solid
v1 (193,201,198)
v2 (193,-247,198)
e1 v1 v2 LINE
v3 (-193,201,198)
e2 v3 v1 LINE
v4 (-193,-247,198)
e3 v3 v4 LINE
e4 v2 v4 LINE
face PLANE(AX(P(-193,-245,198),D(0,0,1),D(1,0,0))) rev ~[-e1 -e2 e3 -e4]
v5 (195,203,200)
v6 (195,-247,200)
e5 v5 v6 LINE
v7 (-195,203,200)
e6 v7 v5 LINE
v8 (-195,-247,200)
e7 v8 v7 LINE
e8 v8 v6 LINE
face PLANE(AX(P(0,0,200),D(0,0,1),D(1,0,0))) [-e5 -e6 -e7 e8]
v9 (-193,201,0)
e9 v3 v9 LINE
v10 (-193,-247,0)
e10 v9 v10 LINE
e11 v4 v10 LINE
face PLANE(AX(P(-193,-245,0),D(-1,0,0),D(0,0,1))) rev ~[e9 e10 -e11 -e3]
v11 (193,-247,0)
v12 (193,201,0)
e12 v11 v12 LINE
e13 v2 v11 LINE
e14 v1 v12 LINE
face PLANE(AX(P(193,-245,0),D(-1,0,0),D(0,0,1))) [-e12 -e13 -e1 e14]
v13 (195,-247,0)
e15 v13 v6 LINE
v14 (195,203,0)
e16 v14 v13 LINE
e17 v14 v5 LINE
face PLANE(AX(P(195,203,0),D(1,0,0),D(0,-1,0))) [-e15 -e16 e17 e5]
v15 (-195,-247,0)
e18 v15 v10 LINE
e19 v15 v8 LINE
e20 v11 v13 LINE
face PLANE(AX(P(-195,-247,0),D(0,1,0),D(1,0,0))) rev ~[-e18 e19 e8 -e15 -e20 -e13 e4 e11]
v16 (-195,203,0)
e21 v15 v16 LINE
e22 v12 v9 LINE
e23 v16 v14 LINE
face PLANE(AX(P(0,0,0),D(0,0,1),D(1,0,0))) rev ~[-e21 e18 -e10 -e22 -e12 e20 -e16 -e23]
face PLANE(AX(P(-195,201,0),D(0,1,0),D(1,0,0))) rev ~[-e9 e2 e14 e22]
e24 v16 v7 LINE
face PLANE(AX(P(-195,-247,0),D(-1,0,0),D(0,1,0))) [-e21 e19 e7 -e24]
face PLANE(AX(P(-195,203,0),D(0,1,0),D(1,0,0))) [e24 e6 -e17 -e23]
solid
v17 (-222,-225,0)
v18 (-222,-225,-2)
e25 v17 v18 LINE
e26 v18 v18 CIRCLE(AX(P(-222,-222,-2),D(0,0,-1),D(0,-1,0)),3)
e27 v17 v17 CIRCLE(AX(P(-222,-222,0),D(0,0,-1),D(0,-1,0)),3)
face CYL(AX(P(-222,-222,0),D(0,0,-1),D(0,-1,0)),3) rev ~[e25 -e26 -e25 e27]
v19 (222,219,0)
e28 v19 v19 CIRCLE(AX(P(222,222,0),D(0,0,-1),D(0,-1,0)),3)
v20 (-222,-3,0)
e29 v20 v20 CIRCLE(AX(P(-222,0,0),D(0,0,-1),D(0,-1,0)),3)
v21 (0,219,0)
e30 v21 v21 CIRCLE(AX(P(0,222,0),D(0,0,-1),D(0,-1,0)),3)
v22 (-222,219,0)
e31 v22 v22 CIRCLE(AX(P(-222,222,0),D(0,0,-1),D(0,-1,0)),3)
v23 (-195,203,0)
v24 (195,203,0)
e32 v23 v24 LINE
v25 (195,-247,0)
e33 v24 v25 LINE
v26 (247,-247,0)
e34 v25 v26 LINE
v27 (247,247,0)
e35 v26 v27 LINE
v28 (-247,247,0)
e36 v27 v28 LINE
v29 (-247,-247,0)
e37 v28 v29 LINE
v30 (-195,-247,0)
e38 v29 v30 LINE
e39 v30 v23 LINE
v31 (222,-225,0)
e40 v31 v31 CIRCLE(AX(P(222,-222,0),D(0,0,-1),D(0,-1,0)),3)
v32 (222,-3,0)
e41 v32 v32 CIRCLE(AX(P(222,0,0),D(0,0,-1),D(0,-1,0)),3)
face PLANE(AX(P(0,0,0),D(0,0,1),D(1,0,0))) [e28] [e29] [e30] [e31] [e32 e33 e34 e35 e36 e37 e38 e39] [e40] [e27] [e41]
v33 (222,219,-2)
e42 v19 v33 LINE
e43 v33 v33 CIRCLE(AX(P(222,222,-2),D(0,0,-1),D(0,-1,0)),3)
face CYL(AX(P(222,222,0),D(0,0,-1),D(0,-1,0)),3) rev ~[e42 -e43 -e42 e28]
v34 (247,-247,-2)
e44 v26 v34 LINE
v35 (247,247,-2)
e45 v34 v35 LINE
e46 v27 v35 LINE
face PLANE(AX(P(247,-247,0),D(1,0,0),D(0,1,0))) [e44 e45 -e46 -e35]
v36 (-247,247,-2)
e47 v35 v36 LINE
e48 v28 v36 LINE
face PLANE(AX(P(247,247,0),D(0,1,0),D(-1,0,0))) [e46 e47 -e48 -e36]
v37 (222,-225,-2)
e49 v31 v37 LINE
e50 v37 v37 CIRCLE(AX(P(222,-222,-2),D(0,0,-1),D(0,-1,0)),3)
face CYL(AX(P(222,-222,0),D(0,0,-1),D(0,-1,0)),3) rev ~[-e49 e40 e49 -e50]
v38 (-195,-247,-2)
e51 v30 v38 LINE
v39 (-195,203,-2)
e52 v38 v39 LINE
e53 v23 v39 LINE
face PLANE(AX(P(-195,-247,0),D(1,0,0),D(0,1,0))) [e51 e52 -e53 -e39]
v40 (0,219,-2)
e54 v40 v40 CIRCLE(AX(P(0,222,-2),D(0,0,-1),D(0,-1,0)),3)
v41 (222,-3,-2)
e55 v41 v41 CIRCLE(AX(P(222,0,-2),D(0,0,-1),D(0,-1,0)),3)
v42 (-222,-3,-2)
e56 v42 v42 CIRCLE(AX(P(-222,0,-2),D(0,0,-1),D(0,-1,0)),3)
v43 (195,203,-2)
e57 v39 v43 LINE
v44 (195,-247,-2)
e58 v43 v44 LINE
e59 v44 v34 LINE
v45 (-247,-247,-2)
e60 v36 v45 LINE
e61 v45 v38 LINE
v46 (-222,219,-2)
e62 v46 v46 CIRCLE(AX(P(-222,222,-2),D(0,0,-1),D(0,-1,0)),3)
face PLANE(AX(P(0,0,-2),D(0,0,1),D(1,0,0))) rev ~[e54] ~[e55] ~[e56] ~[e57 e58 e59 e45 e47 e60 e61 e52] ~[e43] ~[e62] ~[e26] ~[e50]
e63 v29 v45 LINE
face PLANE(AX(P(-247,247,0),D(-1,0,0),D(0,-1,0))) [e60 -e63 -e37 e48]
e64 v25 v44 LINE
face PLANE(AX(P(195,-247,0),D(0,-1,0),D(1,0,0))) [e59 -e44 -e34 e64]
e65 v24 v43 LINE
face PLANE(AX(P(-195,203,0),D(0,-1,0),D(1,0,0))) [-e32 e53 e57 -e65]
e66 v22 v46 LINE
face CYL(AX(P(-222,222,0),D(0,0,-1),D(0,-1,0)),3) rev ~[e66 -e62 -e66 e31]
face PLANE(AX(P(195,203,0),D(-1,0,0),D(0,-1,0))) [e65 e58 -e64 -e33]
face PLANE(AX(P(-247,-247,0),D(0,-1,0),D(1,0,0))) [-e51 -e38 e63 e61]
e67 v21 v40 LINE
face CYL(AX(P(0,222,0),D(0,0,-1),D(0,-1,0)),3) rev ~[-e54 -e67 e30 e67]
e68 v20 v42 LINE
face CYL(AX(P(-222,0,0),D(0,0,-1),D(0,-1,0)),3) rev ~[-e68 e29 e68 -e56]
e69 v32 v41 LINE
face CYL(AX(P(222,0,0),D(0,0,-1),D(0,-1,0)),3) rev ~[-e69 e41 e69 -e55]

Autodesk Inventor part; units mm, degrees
ref_plane "YZ Plane" through (0, 0, 0) normal (1, 0, 0) x (0, 1, 0)
ref_plane "XZ Plane" through (0, 0, 0) normal (0, 1, 0) x (-1, 0, 0)
ref_plane "XY Plane" through (0, 0, 0) normal (0, 0, 1) x (1, 0, 0)
sketch "Sketch1" plane through (0, 0, 0) normal (0, 0, 1) x (1, 0, 0)
  line L0 (-247, -247) -> (247, -247)
  line L1 (247, -247) -> (247, 247)
  line L2 (247, 247) -> (-247, 247)
  line L3 (-247, 247) -> (-247, -247)
  line L4 (-247, -247) -> (247, 247) construction
  line L5 (247, -247) -> (-247, 247) construction
  line L6 (-195, -247) -> (-195, 203)
  line L7 (-195, 203) -> (195, 203)
  line L8 (195, 203) -> (195, -247)
  line L9 (195, -247) -> (-195, -247)
  line L10 (0, 247) -> (0, -247) construction
  point P0 (0, 0)
  dimension "d0" = 494
  dimension "d1" = 494
  dimension "d4" = 390
  dimension "d5" = 450
extrude "Extrusion2" add sketch "Sketch1" along normal blind 200 contours L6 L7 L8 L0
shell "Shell2" thickness 2 removed faces 1 at (65, -97, 0)
extrude "Extrusion3" add sketch "Sketch1" against normal blind 2 contours L3 L2 L1 L0 L8 L7 L6
hole "Hole1" at (-222, 222, 0) direction (0, 0, -1) diameter 6 end through all
pattern_linear "Rectangular Pattern1" count 3 spacing 222 along (1, 0, 0) count 3 spacing 222 along (0, -1, 0) of "Hole1"
sketch "Sketch2" plane through (-193, -245, 0) normal (0, 1, 0) x (1, 0, 0)
  line L0 (0, 0) -> (386, 0) projected
  line L1 (0, 0) -> (0, -198) projected
  line L2 (0, -198) -> (386, -198) projected
  line L3 (386, 0) -> (386, -198) projected
  point P0 (193, 0)
extrude "Extrusion4" cut sketch "Sketch2" against normal up to next
properties part number "SidePanelCover"
